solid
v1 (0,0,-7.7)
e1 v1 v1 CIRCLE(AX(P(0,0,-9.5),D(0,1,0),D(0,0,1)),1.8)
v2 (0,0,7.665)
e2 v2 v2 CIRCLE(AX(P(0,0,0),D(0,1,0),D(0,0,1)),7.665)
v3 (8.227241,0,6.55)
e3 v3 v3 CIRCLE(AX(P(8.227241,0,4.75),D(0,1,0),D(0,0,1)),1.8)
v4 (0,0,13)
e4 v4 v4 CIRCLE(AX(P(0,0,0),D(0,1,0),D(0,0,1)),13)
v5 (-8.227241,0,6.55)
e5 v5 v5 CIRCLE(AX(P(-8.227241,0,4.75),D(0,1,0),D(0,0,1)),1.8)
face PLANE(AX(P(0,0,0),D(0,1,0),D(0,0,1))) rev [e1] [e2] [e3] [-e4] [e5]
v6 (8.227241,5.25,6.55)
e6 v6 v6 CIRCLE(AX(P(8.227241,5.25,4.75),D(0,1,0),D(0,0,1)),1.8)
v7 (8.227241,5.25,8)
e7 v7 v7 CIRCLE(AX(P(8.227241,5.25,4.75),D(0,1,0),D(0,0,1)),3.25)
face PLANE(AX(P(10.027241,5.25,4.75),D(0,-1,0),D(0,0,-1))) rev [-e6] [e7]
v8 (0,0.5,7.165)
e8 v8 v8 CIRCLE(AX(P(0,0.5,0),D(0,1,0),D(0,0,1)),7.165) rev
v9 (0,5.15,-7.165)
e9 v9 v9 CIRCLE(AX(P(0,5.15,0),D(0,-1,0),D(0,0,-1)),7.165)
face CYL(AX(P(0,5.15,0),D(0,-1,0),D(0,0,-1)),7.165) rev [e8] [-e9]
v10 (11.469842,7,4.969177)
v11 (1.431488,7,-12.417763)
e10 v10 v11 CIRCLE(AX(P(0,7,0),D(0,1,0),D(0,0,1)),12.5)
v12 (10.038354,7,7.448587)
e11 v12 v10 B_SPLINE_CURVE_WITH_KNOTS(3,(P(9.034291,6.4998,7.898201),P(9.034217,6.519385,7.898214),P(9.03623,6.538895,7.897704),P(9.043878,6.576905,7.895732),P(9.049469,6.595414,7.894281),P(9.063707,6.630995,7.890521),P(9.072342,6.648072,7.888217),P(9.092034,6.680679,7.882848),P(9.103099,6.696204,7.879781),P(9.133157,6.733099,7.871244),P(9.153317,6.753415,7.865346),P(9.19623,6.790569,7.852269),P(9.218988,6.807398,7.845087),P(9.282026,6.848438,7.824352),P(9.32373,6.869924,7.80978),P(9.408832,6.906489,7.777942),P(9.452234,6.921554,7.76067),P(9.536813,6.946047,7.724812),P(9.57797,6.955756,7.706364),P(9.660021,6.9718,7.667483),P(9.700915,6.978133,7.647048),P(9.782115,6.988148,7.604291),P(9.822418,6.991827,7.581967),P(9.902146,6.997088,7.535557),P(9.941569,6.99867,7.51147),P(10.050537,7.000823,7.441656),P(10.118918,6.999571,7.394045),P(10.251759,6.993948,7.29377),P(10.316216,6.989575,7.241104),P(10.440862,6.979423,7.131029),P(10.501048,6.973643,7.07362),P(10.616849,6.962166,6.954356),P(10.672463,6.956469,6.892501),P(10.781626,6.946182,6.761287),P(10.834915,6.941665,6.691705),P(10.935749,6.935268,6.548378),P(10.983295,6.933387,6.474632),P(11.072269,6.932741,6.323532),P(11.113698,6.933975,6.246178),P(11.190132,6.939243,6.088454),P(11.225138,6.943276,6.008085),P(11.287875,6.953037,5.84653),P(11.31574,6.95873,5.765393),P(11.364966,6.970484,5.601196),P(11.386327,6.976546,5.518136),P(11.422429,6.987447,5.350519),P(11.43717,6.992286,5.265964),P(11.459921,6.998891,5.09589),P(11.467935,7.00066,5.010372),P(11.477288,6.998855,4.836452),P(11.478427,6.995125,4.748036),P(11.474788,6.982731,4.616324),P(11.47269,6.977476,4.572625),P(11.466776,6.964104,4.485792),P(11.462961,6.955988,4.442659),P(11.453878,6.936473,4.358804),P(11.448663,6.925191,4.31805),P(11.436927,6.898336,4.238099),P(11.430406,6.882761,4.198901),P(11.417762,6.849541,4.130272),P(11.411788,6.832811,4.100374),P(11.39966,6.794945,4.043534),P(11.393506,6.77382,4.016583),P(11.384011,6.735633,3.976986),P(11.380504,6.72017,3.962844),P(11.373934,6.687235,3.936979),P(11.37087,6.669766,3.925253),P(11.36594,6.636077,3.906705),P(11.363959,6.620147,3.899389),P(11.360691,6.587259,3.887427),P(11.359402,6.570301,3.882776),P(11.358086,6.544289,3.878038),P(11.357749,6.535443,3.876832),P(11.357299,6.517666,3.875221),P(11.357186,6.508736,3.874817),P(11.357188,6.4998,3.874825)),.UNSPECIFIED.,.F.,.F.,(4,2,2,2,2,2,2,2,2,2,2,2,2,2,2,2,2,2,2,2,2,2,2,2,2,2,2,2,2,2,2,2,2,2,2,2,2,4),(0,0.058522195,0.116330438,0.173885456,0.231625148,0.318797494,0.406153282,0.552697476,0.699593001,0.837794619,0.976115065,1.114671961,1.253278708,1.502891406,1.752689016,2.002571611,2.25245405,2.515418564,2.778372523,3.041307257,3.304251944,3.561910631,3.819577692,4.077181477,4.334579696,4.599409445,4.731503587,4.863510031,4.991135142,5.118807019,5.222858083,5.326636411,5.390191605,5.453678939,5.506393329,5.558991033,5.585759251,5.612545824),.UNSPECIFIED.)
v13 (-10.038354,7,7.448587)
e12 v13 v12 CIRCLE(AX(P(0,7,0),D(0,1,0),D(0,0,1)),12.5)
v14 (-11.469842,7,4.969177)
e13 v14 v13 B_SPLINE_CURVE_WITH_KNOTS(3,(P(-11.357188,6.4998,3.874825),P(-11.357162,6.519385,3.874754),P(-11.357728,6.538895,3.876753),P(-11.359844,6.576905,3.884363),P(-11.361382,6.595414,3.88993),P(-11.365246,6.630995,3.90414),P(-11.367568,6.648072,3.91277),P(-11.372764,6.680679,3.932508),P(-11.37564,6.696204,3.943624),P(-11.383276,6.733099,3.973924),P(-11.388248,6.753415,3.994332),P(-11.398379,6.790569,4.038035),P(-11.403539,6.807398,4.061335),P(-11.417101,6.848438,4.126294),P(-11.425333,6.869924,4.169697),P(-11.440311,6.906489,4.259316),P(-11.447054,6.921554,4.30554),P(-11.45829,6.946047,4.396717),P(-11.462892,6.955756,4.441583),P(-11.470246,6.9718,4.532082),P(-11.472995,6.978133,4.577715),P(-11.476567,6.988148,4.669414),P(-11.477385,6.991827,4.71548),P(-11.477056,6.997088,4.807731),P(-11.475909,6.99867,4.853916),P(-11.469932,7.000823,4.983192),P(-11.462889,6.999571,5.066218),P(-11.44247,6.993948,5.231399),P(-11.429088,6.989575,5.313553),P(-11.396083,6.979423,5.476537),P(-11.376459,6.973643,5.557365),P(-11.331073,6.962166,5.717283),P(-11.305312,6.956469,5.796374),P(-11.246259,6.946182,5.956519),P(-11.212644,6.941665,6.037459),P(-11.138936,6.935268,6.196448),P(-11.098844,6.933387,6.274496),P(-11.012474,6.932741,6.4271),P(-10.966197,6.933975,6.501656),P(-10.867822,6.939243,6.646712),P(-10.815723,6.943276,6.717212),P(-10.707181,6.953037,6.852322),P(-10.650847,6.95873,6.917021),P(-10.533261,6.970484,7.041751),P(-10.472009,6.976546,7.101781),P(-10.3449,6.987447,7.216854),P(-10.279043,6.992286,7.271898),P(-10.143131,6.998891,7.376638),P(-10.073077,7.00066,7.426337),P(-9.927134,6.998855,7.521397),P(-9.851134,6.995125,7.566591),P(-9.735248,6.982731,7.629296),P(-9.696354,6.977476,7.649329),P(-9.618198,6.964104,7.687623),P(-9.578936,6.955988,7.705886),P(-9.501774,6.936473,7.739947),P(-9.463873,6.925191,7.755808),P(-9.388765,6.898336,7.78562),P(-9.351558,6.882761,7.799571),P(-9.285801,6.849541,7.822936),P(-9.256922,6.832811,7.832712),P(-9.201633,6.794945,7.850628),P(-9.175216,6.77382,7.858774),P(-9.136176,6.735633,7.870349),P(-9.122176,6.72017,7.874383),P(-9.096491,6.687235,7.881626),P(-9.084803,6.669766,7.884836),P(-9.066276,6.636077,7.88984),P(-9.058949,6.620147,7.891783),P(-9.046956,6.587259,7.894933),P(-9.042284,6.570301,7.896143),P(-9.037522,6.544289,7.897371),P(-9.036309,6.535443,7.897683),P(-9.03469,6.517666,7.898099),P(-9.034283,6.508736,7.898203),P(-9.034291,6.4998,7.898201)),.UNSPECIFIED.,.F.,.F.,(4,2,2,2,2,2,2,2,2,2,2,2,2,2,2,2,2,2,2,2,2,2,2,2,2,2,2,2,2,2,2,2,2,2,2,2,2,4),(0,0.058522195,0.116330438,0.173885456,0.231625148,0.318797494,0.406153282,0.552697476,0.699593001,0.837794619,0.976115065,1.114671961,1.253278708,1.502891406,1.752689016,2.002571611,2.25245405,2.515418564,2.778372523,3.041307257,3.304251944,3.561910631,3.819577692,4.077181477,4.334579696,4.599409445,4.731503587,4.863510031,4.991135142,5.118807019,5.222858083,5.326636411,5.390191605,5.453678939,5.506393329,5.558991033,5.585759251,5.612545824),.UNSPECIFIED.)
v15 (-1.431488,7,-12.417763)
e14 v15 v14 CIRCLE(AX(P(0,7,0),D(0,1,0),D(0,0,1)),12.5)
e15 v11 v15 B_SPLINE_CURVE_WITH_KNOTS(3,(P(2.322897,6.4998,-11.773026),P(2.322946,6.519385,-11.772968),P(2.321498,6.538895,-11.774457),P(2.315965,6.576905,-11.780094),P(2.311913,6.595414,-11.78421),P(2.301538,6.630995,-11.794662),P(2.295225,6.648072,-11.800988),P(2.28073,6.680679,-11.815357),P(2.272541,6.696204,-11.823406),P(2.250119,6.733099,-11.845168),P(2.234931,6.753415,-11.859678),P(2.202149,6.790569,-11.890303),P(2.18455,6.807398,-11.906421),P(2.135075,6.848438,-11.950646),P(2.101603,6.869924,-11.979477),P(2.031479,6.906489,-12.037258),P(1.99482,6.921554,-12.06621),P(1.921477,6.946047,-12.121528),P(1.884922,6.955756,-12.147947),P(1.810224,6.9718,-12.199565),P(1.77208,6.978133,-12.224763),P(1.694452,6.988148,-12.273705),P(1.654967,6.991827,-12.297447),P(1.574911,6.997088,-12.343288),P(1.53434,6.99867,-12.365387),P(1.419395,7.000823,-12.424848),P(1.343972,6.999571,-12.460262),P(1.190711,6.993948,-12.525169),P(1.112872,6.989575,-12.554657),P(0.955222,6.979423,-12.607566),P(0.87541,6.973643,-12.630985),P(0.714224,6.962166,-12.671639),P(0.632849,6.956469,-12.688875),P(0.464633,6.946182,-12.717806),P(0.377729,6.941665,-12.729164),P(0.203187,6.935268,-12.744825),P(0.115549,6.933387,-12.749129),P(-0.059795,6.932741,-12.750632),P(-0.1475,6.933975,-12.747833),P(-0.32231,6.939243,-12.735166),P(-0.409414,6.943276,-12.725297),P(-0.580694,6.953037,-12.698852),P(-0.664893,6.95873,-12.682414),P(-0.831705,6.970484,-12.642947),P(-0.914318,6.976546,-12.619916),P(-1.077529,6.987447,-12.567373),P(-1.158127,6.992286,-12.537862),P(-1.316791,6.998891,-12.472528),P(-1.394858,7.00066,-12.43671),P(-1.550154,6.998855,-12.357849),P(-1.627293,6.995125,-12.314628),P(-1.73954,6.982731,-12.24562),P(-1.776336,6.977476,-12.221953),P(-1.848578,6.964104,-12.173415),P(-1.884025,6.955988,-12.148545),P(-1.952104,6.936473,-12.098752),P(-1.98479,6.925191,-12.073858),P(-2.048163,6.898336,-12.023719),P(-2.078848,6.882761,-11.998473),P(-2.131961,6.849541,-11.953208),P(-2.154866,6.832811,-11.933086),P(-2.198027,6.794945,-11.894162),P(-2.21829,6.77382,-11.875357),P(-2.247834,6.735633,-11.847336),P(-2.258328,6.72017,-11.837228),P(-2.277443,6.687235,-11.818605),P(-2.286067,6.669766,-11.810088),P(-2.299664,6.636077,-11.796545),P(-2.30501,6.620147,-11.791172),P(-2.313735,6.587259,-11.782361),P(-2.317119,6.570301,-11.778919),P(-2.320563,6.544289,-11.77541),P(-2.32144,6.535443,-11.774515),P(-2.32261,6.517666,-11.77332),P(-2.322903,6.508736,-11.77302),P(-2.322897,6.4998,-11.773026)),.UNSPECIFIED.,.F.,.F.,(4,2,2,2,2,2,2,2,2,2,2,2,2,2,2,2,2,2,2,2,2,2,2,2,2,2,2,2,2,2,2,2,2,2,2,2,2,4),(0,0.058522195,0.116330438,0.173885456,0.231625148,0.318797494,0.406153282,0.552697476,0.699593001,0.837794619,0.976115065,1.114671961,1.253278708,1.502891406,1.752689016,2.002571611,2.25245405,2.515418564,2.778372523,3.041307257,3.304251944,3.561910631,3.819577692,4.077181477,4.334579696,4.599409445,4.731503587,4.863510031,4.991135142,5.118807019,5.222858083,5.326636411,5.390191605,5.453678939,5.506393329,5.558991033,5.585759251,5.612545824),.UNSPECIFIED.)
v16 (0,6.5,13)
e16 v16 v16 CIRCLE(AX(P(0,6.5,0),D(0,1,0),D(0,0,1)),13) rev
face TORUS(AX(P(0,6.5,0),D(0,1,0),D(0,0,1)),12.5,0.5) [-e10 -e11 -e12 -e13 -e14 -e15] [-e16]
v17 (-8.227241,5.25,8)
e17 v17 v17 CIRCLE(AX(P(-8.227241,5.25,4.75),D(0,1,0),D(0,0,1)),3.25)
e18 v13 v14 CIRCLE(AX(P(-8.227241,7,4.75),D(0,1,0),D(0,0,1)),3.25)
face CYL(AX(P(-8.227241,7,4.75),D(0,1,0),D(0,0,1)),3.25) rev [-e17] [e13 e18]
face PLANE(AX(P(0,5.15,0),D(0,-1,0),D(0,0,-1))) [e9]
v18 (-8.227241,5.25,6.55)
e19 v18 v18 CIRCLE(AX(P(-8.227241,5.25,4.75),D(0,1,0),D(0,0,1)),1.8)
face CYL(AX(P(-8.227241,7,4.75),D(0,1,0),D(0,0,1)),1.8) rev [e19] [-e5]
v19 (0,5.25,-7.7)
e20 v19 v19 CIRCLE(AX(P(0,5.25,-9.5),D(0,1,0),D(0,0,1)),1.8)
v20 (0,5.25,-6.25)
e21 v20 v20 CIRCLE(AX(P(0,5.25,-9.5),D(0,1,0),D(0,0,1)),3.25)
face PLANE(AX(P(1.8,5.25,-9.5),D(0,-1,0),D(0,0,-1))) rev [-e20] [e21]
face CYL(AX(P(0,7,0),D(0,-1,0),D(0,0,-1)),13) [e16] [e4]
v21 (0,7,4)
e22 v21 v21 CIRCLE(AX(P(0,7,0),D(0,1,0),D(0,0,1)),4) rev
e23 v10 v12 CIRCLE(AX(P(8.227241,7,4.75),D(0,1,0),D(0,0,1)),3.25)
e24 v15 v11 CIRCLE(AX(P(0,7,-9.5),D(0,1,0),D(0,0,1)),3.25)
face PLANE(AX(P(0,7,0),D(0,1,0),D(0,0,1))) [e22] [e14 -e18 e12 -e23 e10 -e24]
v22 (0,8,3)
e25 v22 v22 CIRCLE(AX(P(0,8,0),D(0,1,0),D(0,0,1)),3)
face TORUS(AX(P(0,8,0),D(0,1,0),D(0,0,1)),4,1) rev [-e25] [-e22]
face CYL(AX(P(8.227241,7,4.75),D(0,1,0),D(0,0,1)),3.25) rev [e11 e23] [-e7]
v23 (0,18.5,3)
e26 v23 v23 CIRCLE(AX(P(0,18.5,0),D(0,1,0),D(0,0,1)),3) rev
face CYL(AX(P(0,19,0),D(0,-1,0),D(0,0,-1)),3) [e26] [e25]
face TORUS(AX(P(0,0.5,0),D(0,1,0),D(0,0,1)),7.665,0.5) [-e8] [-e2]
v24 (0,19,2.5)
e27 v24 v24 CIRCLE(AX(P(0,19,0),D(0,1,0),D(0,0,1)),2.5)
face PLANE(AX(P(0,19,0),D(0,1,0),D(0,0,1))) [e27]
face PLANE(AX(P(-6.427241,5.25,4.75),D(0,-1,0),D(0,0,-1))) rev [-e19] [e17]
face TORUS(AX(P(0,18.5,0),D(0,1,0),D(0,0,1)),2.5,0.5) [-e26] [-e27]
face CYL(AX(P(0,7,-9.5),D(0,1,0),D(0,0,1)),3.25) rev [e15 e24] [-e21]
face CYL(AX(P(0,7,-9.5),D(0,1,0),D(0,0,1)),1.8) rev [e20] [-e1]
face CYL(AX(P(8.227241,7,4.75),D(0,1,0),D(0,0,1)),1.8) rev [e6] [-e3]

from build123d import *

# Parameters (mm, degrees)
SKETCH1_R                      = 13
BOSS_EXTRUDE1_DEPTH            = 7
SKETCH2_R                      = 7.165
CUT_EXTRUDE1_DEPTH             = 5.15
SKETCH3_R                      = 3
BOSS_EXTRUDE2_DEPTH            = 12
FILLET1_R                      = 1
FILLET1_2_R                    = 0.5
CBORE_FOR_M3_SHCS1_D           = 3.6
CBORE_FOR_M3_SHCS1_DEPTH       = 7
CBORE_FOR_M3_SHCS1_CBORE_D     = 6.5
CBORE_FOR_M3_SHCS1_CBORE_DEPTH = 1.75
FILLET2_R                      = 0.5


with BuildPart() as part:
    # Sketch1 → Boss-Extrude1 (new body)
    with BuildSketch(Plane(origin=(0, 0, 0), x_dir=(1, 0, 0), z_dir=(0, 1, 0))):
        Circle(SKETCH1_R)
    extrude(amount=BOSS_EXTRUDE1_DEPTH)

    # Sketch2 → Cut-Extrude1 (cut)
    with BuildSketch(Plane.XZ):
        Circle(SKETCH2_R)
    extrude(amount=-CUT_EXTRUDE1_DEPTH, mode=Mode.SUBTRACT)

    # Sketch3 → Boss-Extrude2 (add)
    with BuildSketch(Plane(origin=(0, 7, 0), x_dir=(1, 0, 0), z_dir=(0, 1, 0))):
        Circle(SKETCH3_R)
    extrude(amount=BOSS_EXTRUDE2_DEPTH)

    # Fillet1
    fillet1_edges = [part.edges().sort_by_distance(p)[0] for p in [
        (-3, 7, 0),
    ]]
    fillet(fillet1_edges, radius=FILLET1_R)

    # Fillet1 2
    fillet1_2_edges = [part.edges().sort_by_distance(p)[0] for p in [
        (-13, 7, 0),
    ]]
    fillet(fillet1_2_edges, radius=FILLET1_2_R)

    # CBORE for M3 SHCS1
    with Locations(Plane(origin=(0, 7, 0), x_dir=(1, 0, 0), z_dir=(0, 1, 0))):
        with Locations((0, 9.5), (8.227241336, -4.75), (-8.227241336, -4.75)):
            CounterBoreHole(CBORE_FOR_M3_SHCS1_D / 2, CBORE_FOR_M3_SHCS1_CBORE_D / 2, CBORE_FOR_M3_SHCS1_CBORE_DEPTH, depth=CBORE_FOR_M3_SHCS1_DEPTH)

    # Fillet2
    fillet2_edges = [part.edges().sort_by_distance(p)[0] for p in [
        (-3, 19, 0),
        (-7.165, 0, 0),
    ]]
    fillet(fillet2_edges, radius=FILLET2_R)


solid = part.part
